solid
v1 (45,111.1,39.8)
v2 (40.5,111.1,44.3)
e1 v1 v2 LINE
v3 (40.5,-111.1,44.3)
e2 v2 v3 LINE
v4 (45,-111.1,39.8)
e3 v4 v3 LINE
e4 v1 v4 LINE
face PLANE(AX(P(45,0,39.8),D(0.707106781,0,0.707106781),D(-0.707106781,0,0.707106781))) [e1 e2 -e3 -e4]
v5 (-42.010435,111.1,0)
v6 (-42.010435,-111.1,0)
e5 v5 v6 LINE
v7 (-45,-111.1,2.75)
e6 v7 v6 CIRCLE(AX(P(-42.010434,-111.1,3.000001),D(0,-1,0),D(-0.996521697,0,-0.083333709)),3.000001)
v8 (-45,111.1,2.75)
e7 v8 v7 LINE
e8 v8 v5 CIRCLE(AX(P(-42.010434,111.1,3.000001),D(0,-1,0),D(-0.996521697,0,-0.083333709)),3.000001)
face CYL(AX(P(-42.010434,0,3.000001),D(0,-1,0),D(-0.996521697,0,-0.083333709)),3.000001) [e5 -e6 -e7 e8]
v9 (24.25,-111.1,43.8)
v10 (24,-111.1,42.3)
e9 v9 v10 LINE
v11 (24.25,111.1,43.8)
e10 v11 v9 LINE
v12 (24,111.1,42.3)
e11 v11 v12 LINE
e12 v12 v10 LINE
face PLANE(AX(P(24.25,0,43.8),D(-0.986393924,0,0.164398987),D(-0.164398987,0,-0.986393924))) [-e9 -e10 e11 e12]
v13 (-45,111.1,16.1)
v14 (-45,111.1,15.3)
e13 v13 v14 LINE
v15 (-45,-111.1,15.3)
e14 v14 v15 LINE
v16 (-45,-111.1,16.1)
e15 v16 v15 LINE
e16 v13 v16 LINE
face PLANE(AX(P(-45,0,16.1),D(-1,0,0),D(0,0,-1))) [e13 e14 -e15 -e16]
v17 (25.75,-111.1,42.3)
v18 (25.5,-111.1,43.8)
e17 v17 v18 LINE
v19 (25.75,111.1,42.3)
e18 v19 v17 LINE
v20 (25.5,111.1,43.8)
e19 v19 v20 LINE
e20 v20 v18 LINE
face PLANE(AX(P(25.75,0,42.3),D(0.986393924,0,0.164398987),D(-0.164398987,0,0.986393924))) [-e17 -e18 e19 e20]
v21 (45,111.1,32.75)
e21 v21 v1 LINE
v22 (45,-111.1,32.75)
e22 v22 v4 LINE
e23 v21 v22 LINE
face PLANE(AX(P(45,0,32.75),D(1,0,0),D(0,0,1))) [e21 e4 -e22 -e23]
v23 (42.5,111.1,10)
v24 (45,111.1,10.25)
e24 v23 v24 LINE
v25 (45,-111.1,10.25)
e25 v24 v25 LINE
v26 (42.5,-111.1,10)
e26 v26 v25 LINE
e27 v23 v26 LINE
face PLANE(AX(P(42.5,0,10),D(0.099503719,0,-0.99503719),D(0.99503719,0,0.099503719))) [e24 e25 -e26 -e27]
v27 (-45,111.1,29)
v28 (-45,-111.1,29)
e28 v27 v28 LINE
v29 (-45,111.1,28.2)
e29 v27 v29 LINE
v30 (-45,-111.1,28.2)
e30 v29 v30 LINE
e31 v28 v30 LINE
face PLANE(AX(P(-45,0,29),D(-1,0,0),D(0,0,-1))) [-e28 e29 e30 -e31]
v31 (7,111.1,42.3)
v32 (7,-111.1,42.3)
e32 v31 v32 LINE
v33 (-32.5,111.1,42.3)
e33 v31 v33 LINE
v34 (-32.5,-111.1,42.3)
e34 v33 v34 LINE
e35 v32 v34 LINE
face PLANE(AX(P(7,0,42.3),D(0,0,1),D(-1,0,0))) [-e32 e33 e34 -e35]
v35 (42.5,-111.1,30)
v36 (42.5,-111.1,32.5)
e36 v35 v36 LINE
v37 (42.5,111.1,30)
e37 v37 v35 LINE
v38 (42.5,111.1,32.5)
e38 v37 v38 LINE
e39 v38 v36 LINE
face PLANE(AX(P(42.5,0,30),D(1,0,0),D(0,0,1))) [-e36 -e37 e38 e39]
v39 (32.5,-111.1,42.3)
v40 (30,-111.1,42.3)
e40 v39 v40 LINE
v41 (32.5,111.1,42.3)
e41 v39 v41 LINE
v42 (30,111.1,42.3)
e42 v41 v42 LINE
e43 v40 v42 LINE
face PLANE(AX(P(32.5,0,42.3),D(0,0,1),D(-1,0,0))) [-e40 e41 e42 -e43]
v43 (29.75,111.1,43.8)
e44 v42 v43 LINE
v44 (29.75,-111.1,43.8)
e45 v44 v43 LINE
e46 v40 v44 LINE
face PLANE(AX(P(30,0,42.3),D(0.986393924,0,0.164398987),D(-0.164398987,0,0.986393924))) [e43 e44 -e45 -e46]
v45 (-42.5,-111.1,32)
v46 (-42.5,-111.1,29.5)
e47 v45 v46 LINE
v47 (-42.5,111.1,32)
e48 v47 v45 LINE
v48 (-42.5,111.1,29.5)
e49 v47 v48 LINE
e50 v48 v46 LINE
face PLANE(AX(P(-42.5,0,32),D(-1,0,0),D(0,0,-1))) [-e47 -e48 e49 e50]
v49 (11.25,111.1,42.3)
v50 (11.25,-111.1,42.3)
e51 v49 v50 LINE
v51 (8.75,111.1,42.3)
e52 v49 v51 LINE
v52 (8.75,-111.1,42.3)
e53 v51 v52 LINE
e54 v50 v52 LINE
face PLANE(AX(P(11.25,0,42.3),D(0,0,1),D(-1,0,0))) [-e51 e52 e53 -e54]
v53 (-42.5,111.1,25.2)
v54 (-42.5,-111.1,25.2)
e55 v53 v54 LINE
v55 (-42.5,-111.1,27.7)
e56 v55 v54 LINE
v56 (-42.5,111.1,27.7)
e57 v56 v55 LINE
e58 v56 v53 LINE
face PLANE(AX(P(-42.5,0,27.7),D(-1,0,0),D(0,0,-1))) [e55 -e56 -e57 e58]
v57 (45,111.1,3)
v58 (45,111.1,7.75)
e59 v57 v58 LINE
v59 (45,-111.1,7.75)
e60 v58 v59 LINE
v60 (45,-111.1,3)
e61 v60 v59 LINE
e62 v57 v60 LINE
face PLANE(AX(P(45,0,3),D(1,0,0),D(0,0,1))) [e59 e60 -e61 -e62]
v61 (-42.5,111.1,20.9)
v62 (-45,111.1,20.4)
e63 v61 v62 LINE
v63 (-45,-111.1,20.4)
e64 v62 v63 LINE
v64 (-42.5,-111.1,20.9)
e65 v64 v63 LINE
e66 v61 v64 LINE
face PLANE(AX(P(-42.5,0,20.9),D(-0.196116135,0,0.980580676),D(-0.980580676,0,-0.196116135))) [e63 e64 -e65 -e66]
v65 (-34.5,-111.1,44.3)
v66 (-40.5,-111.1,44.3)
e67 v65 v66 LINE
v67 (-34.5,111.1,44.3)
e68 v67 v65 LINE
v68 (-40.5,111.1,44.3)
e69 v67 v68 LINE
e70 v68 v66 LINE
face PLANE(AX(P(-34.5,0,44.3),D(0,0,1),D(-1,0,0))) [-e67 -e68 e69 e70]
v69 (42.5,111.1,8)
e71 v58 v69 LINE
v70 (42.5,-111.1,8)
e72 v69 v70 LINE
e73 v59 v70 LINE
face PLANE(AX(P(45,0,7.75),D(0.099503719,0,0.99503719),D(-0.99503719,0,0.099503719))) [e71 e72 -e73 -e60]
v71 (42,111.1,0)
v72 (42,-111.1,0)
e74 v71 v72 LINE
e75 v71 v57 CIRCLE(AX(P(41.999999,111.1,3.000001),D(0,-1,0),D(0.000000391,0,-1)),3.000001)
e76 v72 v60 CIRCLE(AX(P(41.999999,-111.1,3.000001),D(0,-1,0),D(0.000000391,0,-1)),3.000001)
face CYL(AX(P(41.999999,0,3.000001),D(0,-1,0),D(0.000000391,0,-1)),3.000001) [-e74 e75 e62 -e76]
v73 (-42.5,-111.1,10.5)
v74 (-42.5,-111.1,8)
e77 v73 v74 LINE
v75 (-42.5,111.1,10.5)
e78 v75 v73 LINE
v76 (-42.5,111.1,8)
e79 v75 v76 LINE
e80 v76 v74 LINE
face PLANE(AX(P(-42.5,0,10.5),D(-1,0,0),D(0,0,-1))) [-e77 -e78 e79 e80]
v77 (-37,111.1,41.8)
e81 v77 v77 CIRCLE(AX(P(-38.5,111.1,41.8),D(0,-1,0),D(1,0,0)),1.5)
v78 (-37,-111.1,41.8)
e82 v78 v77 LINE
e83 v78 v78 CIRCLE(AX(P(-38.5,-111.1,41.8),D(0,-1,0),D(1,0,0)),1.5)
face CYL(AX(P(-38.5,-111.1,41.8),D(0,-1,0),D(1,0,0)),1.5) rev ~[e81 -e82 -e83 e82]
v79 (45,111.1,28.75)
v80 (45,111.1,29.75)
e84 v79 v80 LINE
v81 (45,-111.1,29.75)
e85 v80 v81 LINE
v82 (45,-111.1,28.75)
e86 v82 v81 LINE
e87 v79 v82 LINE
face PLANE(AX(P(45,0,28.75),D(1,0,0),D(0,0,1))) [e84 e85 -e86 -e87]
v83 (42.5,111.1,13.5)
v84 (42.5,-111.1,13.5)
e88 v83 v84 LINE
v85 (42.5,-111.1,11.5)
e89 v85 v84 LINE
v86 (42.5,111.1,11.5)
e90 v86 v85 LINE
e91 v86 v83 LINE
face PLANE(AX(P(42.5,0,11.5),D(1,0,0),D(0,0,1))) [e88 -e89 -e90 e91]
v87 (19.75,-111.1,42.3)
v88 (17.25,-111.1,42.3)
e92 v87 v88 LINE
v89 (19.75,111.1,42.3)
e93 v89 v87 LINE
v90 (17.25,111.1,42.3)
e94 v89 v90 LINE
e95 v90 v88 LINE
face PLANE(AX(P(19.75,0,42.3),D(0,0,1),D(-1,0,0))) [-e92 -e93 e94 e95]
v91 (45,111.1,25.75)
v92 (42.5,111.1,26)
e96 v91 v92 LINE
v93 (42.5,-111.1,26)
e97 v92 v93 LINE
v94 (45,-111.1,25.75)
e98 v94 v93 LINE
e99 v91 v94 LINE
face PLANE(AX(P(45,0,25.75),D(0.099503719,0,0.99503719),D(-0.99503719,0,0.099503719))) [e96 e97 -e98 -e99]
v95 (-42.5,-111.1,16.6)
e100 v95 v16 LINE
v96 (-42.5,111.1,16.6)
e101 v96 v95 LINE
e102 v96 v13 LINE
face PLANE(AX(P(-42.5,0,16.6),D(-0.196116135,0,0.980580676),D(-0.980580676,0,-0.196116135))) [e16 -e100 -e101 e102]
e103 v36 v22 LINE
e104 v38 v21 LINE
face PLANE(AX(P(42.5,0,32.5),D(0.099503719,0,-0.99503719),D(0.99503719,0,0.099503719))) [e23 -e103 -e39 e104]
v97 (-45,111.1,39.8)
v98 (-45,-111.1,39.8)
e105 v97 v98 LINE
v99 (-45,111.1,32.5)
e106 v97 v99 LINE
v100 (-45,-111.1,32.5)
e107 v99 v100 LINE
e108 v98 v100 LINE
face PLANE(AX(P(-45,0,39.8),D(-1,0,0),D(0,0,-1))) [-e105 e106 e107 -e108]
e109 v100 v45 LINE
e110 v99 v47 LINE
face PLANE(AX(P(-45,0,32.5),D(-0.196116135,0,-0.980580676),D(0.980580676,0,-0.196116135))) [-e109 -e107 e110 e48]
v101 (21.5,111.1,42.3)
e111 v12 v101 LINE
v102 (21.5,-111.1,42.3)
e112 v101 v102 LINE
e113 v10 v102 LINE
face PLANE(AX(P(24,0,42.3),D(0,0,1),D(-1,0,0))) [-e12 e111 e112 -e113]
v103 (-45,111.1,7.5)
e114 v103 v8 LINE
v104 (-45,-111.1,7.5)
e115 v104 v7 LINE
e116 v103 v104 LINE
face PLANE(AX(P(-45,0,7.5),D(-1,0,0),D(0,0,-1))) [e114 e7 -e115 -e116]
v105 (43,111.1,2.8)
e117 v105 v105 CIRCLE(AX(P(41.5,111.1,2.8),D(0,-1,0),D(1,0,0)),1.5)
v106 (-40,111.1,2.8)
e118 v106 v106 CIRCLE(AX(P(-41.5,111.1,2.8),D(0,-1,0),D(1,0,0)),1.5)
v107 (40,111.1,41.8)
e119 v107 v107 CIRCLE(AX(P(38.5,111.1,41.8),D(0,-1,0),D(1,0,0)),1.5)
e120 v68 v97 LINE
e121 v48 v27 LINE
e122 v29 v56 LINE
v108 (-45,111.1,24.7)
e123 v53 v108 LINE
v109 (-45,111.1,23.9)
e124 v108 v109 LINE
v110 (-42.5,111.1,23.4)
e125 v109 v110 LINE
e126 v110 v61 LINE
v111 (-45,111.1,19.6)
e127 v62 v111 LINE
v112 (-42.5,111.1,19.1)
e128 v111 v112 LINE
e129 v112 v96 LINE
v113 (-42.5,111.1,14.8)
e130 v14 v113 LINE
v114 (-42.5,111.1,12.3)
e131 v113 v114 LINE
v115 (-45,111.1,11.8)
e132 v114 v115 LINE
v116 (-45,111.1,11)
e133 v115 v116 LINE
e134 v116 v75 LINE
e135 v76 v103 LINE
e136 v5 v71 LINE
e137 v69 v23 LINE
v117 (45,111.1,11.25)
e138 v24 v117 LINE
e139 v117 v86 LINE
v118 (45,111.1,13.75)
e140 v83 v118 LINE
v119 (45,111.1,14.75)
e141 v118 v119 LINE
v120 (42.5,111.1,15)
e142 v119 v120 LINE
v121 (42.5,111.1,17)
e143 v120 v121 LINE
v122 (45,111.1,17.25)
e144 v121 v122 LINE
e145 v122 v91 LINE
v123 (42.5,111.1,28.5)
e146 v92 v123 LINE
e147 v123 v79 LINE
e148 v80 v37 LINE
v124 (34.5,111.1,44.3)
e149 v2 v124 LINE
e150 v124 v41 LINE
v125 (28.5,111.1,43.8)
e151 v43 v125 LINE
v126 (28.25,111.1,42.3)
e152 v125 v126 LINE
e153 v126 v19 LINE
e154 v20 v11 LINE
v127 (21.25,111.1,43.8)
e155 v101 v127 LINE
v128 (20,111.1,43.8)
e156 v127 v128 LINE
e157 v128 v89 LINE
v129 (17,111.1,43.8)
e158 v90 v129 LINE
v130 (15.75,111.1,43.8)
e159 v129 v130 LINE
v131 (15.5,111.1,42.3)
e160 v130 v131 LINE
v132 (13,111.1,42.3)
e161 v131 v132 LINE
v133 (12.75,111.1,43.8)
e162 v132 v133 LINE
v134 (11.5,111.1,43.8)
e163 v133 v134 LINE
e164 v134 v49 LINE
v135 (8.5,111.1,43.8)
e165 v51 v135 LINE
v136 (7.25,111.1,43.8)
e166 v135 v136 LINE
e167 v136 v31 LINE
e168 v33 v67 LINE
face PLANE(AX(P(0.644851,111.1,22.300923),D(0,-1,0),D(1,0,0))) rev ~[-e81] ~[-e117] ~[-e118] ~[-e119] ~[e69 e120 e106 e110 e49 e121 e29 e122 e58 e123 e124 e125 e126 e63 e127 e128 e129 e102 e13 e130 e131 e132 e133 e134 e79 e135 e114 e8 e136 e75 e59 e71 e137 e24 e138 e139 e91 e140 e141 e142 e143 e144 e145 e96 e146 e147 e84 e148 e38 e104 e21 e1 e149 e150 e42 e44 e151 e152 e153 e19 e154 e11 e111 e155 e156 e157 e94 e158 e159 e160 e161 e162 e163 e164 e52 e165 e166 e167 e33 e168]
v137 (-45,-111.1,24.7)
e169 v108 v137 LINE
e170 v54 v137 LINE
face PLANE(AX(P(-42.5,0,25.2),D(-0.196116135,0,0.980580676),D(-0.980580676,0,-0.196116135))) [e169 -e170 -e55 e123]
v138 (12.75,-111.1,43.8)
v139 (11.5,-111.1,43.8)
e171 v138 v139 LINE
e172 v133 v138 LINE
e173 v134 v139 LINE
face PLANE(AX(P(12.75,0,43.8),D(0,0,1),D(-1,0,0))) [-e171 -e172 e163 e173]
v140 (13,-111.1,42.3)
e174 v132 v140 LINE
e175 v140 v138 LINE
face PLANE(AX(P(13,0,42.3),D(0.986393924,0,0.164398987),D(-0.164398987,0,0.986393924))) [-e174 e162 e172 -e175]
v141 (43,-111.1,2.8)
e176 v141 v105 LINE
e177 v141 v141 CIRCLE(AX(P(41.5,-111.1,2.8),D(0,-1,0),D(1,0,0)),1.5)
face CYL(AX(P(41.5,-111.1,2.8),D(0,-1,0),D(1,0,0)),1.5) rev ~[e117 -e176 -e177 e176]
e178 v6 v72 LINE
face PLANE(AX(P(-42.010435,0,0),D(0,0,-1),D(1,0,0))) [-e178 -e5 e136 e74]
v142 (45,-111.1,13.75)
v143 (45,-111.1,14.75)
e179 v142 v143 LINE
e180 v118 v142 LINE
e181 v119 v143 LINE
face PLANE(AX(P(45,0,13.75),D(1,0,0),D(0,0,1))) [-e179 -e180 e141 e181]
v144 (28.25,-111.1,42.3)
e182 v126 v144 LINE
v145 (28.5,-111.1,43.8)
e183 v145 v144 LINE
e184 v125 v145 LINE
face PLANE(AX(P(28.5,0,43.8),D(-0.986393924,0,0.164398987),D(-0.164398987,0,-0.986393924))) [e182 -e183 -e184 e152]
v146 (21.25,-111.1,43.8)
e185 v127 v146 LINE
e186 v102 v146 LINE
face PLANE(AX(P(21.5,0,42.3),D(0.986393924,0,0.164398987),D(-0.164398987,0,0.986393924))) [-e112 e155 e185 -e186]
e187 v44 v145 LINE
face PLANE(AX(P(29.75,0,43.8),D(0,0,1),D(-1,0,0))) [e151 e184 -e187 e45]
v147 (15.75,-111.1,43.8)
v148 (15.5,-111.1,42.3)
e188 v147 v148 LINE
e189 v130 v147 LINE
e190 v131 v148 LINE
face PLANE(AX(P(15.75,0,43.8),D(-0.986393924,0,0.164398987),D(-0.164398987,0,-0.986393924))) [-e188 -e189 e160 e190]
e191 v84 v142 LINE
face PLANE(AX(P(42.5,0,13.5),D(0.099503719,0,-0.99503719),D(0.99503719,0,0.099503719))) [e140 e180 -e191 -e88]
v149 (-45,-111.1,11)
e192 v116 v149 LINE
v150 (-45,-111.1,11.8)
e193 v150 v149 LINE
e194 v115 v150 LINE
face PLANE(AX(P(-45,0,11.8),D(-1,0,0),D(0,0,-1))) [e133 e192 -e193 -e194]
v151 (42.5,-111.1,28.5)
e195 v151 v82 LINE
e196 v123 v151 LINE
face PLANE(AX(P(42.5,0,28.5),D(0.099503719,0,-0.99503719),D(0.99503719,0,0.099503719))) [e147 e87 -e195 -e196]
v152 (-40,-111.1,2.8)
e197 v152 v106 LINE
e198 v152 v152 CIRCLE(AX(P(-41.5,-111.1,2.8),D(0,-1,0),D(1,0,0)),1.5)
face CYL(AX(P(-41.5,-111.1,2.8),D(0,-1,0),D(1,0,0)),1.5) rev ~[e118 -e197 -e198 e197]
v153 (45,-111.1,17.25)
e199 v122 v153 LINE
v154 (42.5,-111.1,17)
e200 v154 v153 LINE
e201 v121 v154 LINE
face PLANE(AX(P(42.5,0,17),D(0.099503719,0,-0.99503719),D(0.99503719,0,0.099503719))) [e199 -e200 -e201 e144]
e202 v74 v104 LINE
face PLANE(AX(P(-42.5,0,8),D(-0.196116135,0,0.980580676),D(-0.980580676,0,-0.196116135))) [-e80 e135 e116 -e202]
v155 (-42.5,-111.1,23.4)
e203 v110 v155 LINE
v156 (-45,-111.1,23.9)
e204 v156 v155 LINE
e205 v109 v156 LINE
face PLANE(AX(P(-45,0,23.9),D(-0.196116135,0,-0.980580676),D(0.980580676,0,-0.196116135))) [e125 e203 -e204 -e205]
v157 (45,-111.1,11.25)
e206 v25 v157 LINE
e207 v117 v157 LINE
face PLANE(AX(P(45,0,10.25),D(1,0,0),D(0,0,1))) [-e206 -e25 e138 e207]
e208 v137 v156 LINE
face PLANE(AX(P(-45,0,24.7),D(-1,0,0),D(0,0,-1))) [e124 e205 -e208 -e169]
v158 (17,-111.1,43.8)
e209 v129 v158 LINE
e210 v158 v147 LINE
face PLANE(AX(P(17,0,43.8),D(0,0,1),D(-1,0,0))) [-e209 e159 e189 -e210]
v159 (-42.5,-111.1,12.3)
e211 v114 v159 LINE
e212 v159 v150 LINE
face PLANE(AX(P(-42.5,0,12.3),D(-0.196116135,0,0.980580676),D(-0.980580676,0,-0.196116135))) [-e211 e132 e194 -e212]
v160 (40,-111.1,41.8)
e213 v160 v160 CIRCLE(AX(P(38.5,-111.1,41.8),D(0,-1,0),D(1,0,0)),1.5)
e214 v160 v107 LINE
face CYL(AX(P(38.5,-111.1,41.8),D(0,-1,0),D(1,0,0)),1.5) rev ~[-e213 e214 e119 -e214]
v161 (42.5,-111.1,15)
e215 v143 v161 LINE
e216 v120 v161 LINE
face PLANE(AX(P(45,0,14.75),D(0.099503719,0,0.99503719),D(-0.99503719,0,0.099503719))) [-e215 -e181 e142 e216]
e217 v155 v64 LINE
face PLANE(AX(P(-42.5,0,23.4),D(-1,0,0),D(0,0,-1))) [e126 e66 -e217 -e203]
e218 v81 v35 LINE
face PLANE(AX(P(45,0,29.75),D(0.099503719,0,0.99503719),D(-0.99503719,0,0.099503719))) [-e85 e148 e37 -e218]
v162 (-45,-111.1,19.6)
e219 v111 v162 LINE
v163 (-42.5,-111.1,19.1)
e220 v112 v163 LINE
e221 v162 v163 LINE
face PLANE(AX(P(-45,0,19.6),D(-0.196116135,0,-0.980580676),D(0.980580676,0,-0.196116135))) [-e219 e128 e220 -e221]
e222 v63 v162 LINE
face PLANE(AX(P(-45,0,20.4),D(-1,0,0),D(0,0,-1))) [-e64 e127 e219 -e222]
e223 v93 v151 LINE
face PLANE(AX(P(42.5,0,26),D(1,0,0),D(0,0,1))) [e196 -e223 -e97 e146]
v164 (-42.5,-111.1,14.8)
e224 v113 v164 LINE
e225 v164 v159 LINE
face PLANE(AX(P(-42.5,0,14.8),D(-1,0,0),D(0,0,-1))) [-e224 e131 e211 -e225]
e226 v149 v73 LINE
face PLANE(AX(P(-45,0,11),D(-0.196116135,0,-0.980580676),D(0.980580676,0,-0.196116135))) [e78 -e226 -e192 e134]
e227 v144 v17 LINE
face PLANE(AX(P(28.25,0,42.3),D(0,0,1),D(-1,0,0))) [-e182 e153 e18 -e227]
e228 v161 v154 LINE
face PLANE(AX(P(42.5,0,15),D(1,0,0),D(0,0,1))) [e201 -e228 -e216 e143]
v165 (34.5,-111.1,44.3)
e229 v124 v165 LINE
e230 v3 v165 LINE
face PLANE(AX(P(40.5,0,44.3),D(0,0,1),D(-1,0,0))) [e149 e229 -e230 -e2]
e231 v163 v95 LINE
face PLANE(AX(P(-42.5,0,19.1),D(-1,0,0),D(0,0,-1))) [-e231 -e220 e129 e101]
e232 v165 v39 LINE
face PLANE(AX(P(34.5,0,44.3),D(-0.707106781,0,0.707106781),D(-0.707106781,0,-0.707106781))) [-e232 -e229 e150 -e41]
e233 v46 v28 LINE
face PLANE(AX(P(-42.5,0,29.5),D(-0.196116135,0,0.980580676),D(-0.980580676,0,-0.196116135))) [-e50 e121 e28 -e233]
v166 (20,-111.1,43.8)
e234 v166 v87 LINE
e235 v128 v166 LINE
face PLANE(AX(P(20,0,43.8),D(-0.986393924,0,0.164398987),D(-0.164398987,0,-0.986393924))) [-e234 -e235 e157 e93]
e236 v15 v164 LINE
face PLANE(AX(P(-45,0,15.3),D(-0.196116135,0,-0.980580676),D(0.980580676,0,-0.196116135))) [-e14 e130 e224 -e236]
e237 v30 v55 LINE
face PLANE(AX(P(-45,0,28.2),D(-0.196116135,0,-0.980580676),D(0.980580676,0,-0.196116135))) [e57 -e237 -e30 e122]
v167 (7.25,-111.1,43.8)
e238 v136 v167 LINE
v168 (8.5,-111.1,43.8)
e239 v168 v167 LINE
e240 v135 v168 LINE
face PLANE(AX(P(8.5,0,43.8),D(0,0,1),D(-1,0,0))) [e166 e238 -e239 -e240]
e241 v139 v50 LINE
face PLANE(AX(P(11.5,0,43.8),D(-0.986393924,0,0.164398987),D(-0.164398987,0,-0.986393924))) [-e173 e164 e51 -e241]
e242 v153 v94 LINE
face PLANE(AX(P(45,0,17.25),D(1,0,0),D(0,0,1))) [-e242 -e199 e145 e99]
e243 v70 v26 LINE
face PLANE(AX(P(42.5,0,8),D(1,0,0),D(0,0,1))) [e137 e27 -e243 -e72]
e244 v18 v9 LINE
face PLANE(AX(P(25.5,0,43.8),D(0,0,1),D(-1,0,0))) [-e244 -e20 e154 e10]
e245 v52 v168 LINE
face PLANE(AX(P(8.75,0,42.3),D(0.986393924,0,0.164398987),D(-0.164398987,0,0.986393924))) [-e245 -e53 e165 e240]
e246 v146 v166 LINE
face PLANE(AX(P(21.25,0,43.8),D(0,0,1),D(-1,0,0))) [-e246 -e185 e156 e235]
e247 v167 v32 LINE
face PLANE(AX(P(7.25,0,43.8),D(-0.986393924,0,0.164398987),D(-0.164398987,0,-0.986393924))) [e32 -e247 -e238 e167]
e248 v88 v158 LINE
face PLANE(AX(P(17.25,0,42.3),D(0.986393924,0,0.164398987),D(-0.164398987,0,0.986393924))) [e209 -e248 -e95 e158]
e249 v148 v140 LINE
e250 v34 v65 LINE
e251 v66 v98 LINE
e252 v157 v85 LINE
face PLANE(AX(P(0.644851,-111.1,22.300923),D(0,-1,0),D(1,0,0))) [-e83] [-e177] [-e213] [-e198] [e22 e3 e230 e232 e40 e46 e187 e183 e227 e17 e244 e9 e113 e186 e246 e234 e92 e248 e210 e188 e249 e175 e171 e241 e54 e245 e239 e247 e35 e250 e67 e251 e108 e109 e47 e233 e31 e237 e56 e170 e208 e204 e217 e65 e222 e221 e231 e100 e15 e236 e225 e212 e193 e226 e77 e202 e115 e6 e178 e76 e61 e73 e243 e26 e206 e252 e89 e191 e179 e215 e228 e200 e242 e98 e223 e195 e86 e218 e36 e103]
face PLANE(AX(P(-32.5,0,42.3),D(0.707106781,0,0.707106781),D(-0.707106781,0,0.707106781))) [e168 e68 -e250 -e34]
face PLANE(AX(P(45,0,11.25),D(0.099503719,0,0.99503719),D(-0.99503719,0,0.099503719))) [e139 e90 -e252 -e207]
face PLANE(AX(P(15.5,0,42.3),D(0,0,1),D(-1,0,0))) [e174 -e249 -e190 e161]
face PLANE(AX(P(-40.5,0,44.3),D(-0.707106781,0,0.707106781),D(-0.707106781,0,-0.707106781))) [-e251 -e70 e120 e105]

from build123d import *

# Parameters (mm, degrees)
F1_DEPTH = 111.1
F2_R     = 1.5
F3_DEPTH = 222.201


with BuildPart() as f1:
    # F0 (on Front) → F1 (new body, symmetric)
    with BuildSketch(Plane.XZ):
        with BuildLine():
            Line((29.75, 43.8), (28.5, 43.8))
            Line((28.5, 43.8), (28.25, 42.3))
            Line((28.25, 42.3), (25.75, 42.3))
            Line((25.75, 42.3), (25.5, 43.8))
            Line((25.5, 43.8), (24.25, 43.8))
            Line((24.25, 43.8), (24, 42.3))
            Line((24, 42.3), (21.5, 42.3))
            Line((21.5, 42.3), (21.25, 43.8))
            Line((21.25, 43.8), (20, 43.8))
            Line((20, 43.8), (19.75, 42.3))
            Line((19.75, 42.3), (17.25, 42.3))
            Line((17.25, 42.3), (17, 43.8))
            Line((17, 43.8), (15.75, 43.8))
            Line((15.75, 43.8), (15.5, 42.3))
            Line((15.5, 42.3), (13, 42.3))
            Line((13, 42.3), (12.75, 43.8))
            Line((12.75, 43.8), (11.5, 43.8))
            Line((11.5, 43.8), (11.25, 42.3))
            Line((11.25, 42.3), (8.75, 42.3))
            Line((8.75, 42.3), (8.5, 43.8))
            Line((8.5, 43.8), (7.25, 43.8))
            Line((7.25, 43.8), (7, 42.3))
            Line((7, 42.3), (-32.5, 42.3))
            Line((-32.5, 42.3), (-34.5, 44.3))
            Line((-34.5, 44.3), (-40.5, 44.3))
            Line((-40.5, 44.3), (-45, 39.8))
            Line((-45, 39.8), (-45, 32.5))
            Line((-45, 32.5), (-42.5, 32))
            Line((-42.5, 32), (-42.5, 29.5))
            Line((-42.5, 29.5), (-45, 29))
            Line((-45, 29), (-45, 28.2))
            Line((-45, 28.2), (-42.5, 27.7))
            Line((-42.5, 27.7), (-42.5, 25.2))
            Line((-42.5, 25.2), (-45, 24.7))
            Line((-45, 24.7), (-45, 23.9))
            Line((-45, 23.9), (-42.5, 23.4))
            Line((-42.5, 23.4), (-42.5, 20.9))
            Line((-42.5, 20.9), (-45, 20.4))
            Line((-45, 20.4), (-45, 19.6))
            Line((-45, 19.6), (-42.5, 19.1))
            Line((-42.5, 19.1), (-42.5, 16.6))
            Line((-42.5, 16.6), (-45, 16.1))
            Line((-45, 16.1), (-45, 15.3))
            Line((-45, 15.3), (-42.5, 14.8))
            Line((-42.5, 14.8), (-42.5, 12.3))
            Line((-42.5, 12.3), (-45, 11.8))
            Line((-45, 11.8), (-45, 11))
            Line((-45, 11), (-42.5, 10.5))
            Line((-42.5, 10.5), (-42.5, 8))
            Line((-42.5, 8), (-45, 7.5))
            Line((-45, 7.5), (-45, 2.75))
            ThreePointArc((-45, 2.75), (-44.041444, 0.79206), (-42.010435, 0))
            Line((-42.010435, 0), (42, 0))
            ThreePointArc((42, 0), (44.12132, 0.87868), (45, 3))
            Line((45, 3), (45, 7.75))
            Line((45, 7.75), (42.5, 8))
            Line((42.5, 8), (42.5, 10))
            Line((42.5, 10), (45, 10.25))
            Line((45, 10.25), (45, 11.25))
            Line((45, 11.25), (42.5, 11.5))
            Line((42.5, 11.5), (42.5, 13.5))
            Line((42.5, 13.5), (45, 13.75))
            Line((45, 13.75), (45, 14.75))
            Line((45, 14.75), (42.5, 15))
            Line((42.5, 15), (42.5, 17))
            Line((42.5, 17), (45, 17.25))
            Line((45, 17.25), (45, 25.75))
            Line((45, 25.75), (42.5, 26))
            Line((42.5, 26), (42.5, 28.5))
            Line((42.5, 28.5), (45, 28.75))
            Line((45, 28.75), (45, 29.75))
            Line((45, 29.75), (42.5, 30))
            Line((42.5, 30), (42.5, 32.5))
            Line((42.5, 32.5), (45, 32.75))
            Line((45, 32.75), (45, 39.8))
            Line((45, 39.8), (40.5, 44.3))
            Line((40.5, 44.3), (34.5, 44.3))
            Line((34.5, 44.3), (32.5, 42.3))
            Line((32.5, 42.3), (30, 42.3))
            Line((30, 42.3), (29.75, 43.8))
        make_face()
    extrude(amount=F1_DEPTH, both=True)

    # F2 (on face) → F3 (cut, through all)
    with BuildSketch(Plane.XZ.offset(111.1)):
        with Locations((-38.5, 41.8)):
            Circle(F2_R)
        with Locations((38.5, 41.8)):
            Circle(F2_R)
        with Locations((41.5, 2.8)):
            Circle(F2_R)
        with Locations((-41.5, 2.8)):
            Circle(F2_R)
    extrude(amount=-F3_DEPTH, mode=Mode.SUBTRACT)


solid = f1.part
